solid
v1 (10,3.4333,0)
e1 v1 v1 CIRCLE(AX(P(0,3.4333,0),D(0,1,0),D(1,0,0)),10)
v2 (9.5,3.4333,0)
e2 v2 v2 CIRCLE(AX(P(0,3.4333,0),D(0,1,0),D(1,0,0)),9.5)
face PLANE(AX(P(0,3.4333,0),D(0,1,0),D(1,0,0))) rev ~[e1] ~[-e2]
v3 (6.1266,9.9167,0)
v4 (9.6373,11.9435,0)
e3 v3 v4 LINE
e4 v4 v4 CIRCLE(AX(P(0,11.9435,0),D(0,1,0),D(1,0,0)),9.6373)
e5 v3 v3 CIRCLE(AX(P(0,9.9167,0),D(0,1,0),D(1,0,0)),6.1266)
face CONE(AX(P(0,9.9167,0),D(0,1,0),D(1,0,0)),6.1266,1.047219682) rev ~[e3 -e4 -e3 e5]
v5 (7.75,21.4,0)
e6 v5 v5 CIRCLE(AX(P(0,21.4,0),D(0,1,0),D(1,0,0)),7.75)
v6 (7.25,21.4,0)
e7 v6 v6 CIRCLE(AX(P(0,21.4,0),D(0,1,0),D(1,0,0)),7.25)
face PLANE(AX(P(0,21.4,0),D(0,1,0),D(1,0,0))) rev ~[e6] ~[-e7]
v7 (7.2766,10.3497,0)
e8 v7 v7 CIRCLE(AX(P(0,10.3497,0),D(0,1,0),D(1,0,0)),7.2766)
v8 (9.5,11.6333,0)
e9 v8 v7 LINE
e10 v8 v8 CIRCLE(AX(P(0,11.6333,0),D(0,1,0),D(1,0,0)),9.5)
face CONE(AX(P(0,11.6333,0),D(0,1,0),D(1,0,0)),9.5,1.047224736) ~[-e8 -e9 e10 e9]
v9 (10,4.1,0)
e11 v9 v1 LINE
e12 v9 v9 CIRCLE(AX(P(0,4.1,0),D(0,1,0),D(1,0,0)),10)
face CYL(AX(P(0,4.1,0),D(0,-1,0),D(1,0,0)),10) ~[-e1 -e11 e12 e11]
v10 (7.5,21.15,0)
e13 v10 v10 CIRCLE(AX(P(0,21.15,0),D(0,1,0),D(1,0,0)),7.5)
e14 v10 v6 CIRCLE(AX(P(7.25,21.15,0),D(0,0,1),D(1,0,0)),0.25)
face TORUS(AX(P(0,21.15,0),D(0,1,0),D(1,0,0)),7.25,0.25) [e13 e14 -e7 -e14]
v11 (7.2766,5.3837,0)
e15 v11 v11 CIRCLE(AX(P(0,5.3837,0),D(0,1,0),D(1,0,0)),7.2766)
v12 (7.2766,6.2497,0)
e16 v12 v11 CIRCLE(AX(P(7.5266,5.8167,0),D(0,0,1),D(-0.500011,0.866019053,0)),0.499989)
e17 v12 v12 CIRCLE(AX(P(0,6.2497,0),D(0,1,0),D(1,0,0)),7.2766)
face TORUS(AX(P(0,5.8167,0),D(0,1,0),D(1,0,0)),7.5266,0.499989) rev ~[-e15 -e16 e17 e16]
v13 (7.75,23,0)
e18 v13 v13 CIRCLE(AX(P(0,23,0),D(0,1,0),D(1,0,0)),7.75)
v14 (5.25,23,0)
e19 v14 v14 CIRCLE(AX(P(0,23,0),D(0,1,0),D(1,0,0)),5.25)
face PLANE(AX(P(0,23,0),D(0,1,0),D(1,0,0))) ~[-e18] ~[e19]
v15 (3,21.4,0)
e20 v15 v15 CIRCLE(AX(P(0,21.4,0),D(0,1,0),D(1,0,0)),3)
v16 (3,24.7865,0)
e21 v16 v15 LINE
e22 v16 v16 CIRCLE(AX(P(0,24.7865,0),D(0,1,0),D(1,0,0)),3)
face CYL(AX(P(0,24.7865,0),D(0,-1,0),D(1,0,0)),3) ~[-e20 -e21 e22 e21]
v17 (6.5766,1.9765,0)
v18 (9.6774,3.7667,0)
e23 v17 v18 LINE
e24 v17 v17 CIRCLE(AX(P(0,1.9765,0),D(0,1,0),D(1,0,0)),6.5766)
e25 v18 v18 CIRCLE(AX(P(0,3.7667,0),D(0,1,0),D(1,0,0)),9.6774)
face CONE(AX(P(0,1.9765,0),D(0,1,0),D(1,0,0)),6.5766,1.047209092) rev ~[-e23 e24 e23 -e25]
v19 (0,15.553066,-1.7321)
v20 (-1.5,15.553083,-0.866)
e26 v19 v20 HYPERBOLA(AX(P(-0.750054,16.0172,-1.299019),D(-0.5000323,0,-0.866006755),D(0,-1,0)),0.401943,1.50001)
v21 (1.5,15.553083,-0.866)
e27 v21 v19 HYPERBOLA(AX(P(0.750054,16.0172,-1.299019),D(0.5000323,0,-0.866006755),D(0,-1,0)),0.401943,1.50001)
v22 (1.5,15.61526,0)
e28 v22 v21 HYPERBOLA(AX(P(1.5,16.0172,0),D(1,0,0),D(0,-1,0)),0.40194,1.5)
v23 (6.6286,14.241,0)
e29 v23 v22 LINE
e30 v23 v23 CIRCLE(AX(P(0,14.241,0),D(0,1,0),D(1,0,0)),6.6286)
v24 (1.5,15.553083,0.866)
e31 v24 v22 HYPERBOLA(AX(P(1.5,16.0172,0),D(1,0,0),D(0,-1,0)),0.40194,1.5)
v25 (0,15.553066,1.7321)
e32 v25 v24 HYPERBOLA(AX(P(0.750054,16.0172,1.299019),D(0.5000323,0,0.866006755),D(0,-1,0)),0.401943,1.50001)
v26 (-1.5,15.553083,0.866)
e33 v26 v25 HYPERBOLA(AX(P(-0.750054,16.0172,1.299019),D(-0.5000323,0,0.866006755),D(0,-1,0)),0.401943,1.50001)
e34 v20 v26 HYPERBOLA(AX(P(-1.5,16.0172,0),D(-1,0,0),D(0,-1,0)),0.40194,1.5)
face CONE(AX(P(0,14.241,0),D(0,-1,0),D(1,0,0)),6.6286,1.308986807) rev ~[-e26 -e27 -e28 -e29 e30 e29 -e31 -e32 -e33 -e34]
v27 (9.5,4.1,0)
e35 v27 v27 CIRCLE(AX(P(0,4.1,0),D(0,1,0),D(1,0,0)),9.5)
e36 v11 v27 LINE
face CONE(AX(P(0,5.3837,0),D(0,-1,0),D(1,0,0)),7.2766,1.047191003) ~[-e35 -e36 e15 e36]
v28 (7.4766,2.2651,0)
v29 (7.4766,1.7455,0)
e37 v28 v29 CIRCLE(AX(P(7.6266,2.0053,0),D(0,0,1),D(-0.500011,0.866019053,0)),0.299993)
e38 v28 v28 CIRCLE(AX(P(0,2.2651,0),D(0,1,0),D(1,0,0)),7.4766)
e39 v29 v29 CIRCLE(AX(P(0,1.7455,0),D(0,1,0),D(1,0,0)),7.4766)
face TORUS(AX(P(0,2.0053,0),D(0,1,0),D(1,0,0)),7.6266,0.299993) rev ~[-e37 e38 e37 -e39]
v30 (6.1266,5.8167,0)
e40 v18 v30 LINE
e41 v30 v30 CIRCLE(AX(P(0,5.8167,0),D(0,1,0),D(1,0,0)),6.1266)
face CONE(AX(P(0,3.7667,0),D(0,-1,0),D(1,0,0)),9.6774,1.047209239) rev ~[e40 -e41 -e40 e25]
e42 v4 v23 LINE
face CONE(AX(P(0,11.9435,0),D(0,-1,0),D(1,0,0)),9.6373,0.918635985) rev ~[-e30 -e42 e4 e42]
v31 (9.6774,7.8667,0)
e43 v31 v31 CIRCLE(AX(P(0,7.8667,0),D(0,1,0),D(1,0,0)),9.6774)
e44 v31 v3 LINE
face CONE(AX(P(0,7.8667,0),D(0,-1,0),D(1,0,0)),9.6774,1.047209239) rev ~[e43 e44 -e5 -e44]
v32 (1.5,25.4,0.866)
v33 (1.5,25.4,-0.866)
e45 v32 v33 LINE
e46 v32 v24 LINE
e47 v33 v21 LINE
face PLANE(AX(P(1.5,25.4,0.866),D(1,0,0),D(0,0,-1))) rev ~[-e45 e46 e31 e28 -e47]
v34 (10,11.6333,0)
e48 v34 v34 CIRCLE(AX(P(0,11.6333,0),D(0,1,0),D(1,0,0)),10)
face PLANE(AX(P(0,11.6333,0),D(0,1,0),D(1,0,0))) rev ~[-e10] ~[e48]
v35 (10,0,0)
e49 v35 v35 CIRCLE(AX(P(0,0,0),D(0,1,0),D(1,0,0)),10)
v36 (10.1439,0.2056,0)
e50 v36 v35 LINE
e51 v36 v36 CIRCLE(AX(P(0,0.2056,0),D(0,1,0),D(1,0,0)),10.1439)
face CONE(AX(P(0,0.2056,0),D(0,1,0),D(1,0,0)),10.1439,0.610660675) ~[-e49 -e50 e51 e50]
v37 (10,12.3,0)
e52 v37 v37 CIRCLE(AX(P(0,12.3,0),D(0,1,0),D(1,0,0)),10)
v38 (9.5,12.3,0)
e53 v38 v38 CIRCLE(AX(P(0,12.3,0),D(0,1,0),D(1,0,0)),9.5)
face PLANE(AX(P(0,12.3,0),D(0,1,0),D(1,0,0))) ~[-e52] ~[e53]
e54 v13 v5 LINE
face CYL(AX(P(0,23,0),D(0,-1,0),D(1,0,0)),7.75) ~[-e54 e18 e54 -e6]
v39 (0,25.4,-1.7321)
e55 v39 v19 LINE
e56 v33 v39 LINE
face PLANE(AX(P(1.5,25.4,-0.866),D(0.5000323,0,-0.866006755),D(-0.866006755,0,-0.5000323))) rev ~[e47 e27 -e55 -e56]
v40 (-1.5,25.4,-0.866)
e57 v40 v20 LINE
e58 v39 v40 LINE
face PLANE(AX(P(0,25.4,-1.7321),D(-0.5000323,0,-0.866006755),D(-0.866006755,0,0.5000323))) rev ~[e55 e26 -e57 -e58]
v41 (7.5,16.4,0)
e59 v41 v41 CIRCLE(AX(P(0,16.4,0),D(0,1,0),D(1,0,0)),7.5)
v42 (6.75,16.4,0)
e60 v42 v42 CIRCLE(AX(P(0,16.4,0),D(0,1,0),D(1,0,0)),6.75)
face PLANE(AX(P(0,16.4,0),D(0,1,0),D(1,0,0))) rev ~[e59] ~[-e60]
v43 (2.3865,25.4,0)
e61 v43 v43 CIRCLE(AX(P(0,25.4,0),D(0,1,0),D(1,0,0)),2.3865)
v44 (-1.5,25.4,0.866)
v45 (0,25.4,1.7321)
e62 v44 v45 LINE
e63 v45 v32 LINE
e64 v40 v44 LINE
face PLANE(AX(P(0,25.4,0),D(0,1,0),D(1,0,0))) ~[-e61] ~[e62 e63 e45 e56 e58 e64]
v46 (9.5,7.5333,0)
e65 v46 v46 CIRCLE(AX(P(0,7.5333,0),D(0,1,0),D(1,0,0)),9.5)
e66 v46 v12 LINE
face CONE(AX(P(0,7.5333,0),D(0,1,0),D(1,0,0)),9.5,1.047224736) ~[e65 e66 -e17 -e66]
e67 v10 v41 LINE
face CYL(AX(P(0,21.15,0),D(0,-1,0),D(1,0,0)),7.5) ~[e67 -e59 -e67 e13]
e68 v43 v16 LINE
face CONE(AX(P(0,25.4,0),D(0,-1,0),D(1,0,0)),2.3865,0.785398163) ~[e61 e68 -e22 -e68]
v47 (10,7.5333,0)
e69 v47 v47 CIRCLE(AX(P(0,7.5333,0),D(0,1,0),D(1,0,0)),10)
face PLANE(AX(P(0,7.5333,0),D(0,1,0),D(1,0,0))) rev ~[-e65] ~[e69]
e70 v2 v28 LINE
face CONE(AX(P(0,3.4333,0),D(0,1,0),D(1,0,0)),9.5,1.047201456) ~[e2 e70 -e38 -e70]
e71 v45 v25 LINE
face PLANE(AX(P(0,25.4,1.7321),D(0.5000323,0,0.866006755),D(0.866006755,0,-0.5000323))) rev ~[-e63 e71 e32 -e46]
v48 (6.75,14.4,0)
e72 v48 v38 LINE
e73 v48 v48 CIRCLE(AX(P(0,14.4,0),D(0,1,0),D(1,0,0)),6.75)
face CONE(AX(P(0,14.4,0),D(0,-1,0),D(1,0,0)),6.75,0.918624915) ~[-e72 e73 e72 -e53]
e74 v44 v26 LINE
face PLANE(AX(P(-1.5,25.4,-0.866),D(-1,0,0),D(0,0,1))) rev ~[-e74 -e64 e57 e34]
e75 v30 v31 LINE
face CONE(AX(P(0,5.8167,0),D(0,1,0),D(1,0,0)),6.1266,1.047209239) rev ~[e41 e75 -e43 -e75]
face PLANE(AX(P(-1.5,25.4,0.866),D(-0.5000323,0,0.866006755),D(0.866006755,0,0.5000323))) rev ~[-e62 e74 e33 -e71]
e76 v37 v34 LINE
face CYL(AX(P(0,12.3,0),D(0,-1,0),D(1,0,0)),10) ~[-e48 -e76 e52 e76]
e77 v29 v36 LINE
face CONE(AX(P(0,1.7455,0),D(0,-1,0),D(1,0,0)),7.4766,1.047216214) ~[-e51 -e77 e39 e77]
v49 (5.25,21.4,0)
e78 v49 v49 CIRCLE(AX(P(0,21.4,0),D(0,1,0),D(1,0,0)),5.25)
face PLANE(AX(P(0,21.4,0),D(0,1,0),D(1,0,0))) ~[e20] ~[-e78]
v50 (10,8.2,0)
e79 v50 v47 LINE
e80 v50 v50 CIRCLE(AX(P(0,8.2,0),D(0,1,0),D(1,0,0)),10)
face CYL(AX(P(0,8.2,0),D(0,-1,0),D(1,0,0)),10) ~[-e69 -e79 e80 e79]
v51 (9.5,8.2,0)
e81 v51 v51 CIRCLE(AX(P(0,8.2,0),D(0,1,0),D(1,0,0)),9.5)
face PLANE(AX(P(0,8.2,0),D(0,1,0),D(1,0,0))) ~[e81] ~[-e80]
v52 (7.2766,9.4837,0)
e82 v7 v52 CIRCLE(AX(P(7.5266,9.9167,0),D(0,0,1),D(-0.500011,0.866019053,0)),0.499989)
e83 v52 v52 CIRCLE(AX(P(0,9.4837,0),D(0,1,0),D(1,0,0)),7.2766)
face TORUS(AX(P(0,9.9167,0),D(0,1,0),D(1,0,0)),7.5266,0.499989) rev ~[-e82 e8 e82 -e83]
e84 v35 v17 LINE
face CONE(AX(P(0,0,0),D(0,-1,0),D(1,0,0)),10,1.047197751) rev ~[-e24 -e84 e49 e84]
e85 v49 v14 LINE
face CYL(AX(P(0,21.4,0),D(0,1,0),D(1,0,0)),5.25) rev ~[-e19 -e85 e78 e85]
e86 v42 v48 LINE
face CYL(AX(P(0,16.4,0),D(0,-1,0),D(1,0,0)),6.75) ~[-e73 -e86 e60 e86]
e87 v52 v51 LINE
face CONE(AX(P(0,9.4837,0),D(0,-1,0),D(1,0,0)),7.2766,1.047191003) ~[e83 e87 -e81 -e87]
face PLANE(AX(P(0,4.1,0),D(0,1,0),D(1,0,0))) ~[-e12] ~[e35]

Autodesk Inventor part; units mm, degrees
sketch "Sketch_1" plane through (0, 0, 0) normal (0, 0, 1) x (1, 0, 0)
  line L0 (0, 16.0172) -> (0, 25.4)
  line L1 (0, 25.4) -> (2.3865, 25.4)
  line L2 (2.3865, 25.4) -> (3, 24.7865)
  line L3 (3, 24.7865) -> (3, 21.4)
  line L4 (3, 21.4) -> (5.25, 21.4)
  line L5 (5.25, 21.4) -> (5.25, 23)
  line L6 (5.25, 23) -> (7.75, 23)
  line L7 (7.75, 23) -> (7.75, 21.4)
  line L8 (7.75, 21.4) -> (7.25, 21.4)
  arc A0 (7.5, 21.15) -> (7.25, 21.4) centre (7.25, 21.15) ccw
  line L9 (7.5, 21.15) -> (7.5, 16.4)
  line L10 (7.5, 16.4) -> (6.75, 16.4)
  line L11 (6.75, 16.4) -> (6.75, 14.4)
  line L12 (6.75, 14.4) -> (9.5, 12.3)
  line L13 (9.5, 12.3) -> (10, 12.3)
  line L14 (10, 12.3) -> (10, 11.6333)
  line L15 (10, 11.6333) -> (9.5, 11.6333)
  line L16 (9.5, 11.6333) -> (7.2766, 10.3497)
  arc A1 (7.2766, 10.3497) -> (7.2766, 9.4837) centre (7.5266, 9.9167) ccw
  line L17 (7.2766, 9.4837) -> (9.5, 8.2)
  line L18 (9.5, 8.2) -> (10, 8.2)
  line L19 (10, 8.2) -> (10, 7.5333)
  line L20 (10, 7.5333) -> (9.5, 7.5333)
  line L21 (9.5, 7.5333) -> (7.2766, 6.2497)
  arc A2 (7.2766, 6.2497) -> (7.2766, 5.3837) centre (7.5266, 5.8167) ccw
  line L22 (7.2766, 5.3837) -> (9.5, 4.1)
  line L23 (9.5, 4.1) -> (10, 4.1)
  line L24 (10, 4.1) -> (10, 3.4333)
  line L25 (10, 3.4333) -> (9.5, 3.4333)
  line L26 (9.5, 3.4333) -> (7.4766, 2.2651)
  arc A3 (7.4766, 2.2651) -> (7.4766, 1.7455) centre (7.6266, 2.0053) ccw
  line L27 (7.4766, 1.7455) -> (10.1439, 0.2056)
  line L28 (10.1439, 0.2056) -> (10, 0)
  line L29 (10, 0) -> (6.5766, 1.9765)
  line L30 (6.5766, 1.9765) -> (9.6774, 3.7667)
  line L31 (9.6774, 3.7667) -> (6.1266, 5.8167)
  line L32 (6.1266, 5.8167) -> (9.6774, 7.8667)
  line L33 (9.6774, 7.8667) -> (6.1266, 9.9167)
  line L34 (6.1266, 9.9167) -> (9.6373, 11.9435)
  line L35 (9.6373, 11.9435) -> (6.6286, 14.241)
  line L36 (6.6286, 14.241) -> (0, 16.0172)
  line L37 (0, 16.0172) -> (0, 25.4)
revolve "Revolution1" add sketch "Sketch_1" angle 360 about axis through (0, 16.0172, 0) along (0, 1, 0)
thread "Thread1" size "M6x1" class "6g" standard "ISO Metric profile" length 1.0365
sketch "Sketch_2" plane through (0, 25.4, 0) normal (0, 1, 0) x (1, 0, 0)
  line L0 (-1.5, -0.866) -> (0, -1.7321)
  line L1 (0, -1.7321) -> (1.5, -0.866)
  line L2 (1.5, -0.866) -> (1.5, 0.866)
  line L3 (1.5, 0.866) -> (0, 1.7321)
  line L4 (0, 1.7321) -> (-1.5, 0.866)
  line L5 (-1.5, 0.866) -> (-1.5, -0.866)
extrude "Extrusion1" cut sketch "Sketch_2" against normal blind 23
ref_plane "Halter_XY" through (0, 21.4, 0) normal (0, 1, 0) x (1, 0, 0)
ref_plane "Halter_YZ" through (0, 21.4, 0) normal (1, 0, 0) x (0, 0, -1)
ref_plane "Halter_ZX" through (0, 21.4, 0) normal (0, 0, -1) x (0, 1, 0)
ref_plane "Halter1_XY" through (0, 23, 0) normal (0, 1, 0) x (1, 0, 0)
ref_plane "Halter1_YZ" through (0, 23, 0) normal (1, 0, 0) x (0, 0, -1)
ref_plane "Halter1_ZX" through (0, 23, 0) normal (0, 0, -1) x (0, 1, 0)
ref_plane "START_XY" through (0, 0, 0) normal (0, 1, 0) x (1, 0, 0)
ref_plane "START_YZ" through (0, 0, 0) normal (1, 0, 0) x (0, 0, -1)
ref_plane "START_ZX" through (0, 0, 0) normal (0, 0, -1) x (0, 1, 0)
properties part number "189401 ESS-20-CS"
